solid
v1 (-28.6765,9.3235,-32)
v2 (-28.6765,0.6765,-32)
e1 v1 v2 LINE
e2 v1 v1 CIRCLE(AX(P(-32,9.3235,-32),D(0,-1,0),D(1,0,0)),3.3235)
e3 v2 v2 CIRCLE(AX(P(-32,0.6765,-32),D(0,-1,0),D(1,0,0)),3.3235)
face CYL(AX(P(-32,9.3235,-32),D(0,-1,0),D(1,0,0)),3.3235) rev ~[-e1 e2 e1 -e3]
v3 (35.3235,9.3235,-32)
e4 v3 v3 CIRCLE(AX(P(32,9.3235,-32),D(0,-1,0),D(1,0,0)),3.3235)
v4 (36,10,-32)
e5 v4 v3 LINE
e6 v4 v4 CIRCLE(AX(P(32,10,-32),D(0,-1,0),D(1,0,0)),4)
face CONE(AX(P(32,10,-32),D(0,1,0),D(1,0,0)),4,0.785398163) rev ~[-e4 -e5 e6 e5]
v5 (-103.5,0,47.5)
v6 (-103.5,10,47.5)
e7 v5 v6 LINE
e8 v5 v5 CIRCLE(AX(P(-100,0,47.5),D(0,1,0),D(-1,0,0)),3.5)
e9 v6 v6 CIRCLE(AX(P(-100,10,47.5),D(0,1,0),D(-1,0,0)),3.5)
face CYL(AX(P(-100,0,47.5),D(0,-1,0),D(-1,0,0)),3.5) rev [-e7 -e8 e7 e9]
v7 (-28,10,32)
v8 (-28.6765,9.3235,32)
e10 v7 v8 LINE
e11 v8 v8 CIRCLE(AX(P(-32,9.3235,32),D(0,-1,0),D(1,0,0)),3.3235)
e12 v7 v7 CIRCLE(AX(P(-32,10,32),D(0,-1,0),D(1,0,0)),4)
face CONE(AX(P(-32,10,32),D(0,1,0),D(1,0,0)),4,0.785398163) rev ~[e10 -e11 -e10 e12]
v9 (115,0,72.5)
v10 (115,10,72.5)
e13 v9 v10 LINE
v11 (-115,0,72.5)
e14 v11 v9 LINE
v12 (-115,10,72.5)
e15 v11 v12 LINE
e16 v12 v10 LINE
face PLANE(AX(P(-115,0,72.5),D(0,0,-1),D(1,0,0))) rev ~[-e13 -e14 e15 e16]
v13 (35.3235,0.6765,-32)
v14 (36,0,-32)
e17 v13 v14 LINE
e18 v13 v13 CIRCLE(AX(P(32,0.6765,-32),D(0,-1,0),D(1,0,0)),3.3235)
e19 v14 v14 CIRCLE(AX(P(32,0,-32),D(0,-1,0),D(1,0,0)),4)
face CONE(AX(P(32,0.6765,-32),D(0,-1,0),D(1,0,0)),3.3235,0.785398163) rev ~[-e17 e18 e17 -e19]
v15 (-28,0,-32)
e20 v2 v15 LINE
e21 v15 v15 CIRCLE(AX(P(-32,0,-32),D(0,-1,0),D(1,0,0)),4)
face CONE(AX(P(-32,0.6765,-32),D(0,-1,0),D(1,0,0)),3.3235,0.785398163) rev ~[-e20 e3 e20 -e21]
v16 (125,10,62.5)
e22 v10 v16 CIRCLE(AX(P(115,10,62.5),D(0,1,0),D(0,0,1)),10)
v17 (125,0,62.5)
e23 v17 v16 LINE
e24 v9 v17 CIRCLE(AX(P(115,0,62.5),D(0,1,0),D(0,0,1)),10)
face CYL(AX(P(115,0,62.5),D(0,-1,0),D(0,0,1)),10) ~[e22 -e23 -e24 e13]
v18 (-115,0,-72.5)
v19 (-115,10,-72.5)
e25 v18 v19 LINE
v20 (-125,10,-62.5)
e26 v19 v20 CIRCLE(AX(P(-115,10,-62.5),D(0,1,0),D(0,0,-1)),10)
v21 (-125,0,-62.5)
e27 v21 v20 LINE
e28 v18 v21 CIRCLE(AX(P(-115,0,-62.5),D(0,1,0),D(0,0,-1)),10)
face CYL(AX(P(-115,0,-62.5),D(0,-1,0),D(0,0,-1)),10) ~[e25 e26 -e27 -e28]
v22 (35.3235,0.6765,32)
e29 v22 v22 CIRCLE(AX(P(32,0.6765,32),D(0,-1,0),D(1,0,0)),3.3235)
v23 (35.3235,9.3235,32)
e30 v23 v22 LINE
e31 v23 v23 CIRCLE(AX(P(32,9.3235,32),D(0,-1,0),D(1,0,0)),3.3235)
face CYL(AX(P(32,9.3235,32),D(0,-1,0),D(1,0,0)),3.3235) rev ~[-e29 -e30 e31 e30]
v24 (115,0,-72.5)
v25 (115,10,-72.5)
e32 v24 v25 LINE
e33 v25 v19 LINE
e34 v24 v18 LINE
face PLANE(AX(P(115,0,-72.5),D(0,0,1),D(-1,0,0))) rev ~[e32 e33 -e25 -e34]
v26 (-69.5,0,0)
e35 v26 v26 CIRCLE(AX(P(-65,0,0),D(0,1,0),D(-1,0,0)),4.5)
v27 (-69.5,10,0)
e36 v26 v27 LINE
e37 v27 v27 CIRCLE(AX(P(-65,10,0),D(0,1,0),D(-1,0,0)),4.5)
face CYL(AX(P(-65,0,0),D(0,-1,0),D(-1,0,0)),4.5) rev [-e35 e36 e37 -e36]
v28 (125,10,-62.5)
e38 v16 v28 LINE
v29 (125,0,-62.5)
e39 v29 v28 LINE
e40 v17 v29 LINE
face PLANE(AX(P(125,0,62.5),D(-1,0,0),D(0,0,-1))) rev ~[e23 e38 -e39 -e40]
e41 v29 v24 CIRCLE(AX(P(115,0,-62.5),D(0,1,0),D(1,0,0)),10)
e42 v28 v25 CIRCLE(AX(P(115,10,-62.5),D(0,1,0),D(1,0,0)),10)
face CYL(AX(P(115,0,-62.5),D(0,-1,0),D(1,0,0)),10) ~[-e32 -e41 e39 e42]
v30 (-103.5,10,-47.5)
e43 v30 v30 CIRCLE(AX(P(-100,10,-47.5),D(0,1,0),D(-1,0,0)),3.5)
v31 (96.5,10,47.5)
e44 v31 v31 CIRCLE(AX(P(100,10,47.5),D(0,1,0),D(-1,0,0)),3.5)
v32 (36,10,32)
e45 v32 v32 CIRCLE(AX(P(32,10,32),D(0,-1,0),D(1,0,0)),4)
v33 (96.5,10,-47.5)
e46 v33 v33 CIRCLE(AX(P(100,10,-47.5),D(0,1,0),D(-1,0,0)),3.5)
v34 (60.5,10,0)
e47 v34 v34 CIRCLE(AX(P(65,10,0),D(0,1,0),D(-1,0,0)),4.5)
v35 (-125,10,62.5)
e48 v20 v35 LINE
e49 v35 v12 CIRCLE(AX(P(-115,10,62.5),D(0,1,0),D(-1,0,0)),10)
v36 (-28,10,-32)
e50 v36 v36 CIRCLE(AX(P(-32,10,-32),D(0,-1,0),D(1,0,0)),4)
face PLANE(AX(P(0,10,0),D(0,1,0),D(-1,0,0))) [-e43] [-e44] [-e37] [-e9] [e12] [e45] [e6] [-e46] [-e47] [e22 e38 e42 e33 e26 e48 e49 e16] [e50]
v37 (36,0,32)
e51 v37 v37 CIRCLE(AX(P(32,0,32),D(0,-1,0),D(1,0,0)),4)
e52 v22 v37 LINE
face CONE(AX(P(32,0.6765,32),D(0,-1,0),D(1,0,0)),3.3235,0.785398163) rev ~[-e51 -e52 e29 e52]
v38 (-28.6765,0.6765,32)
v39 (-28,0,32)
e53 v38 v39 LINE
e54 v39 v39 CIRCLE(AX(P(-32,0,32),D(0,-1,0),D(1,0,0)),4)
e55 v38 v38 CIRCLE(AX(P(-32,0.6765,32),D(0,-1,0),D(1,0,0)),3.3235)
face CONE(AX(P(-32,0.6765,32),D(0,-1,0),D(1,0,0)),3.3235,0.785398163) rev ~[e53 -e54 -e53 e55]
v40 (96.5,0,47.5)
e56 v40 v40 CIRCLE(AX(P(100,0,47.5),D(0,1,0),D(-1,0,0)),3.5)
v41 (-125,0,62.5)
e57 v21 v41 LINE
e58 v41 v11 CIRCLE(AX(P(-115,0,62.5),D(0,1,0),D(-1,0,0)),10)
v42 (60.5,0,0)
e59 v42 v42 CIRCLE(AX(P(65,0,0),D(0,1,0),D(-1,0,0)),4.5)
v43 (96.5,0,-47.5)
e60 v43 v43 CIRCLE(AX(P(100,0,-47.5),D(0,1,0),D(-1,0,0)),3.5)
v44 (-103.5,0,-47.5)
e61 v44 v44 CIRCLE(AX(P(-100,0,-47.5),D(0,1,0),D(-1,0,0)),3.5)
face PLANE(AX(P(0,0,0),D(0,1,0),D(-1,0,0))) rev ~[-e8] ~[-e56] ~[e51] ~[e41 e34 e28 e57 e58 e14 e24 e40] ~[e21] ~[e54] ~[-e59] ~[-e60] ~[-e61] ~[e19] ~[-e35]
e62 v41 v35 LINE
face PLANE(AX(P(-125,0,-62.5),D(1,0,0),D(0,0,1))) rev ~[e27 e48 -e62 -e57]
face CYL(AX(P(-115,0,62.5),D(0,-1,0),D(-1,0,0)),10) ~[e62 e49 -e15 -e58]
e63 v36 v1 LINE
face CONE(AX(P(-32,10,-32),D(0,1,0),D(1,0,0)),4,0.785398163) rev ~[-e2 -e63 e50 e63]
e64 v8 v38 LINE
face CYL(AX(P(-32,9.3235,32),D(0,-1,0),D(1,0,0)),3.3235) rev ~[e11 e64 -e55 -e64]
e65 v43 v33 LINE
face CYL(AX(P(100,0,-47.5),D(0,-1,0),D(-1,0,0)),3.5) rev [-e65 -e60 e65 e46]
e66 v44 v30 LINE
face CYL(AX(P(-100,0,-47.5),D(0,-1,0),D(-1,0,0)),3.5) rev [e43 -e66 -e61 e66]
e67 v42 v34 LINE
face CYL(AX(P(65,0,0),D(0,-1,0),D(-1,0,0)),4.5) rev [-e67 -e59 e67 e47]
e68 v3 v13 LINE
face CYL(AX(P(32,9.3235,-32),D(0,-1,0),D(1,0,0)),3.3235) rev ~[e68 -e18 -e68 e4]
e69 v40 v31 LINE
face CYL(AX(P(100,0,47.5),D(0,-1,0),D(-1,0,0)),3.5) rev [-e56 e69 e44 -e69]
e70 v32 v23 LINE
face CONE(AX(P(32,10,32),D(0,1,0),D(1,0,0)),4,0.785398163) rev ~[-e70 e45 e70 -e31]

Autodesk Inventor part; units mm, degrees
sketch "Sketch_1" plane through (0, 0, 0) normal (0, 1, 0) x (-1, 0, 0)
  arc A0 (125, 62.5) -> (115, 72.5) centre (115, 62.5) ccw
  line L0 (115, 72.5) -> (-115, 72.5)
  arc A1 (-115, 72.5) -> (-125, 62.5) centre (-115, 62.5) ccw
  line L1 (-125, 62.5) -> (-125, -62.5)
  arc A2 (-125, -62.5) -> (-115, -72.5) centre (-115, -62.5) ccw
  line L2 (-115, -72.5) -> (115, -72.5)
  arc A3 (115, -72.5) -> (125, -62.5) centre (115, -62.5) ccw
  line L3 (125, -62.5) -> (125, 62.5)
  circle A4 centre (-100, -47.5) radius 3.5
  circle A5 centre (-100, 47.5) radius 3.5
  circle A6 centre (-65, 0) radius 4.5
  circle A7 centre (65, 0) radius 4.5
  circle A8 centre (100, -47.5) radius 3.5
  circle A9 centre (100, 47.5) radius 3.5
extrude "Extrusion1" add sketch "Sketch_1" along normal blind 10
sketch "Sketch_9" plane through (0, 0, -32) normal (0, 0, 1) x (1, 0, 0)
  line L0 (-32, 0) -> (-32, 10)
  line L1 (-32, 10) -> (-28, 10)
  line L2 (-28, 10) -> (-28.6765, 9.3235)
  line L3 (-28.6765, 9.3235) -> (-28.6765, 0.6765)
  line L4 (-28.6765, 0.6765) -> (-28, 0)
  line L5 (-28, 0) -> (-32, 0)
  line L6 (-32, 0) -> (-32, 10)
revolve "Revolution1" cut sketch "Sketch_9" angle 360 about axis through (-32, 0, -32) along (0, -1, 0)
thread "Thread1" size "M8x1.25" class "6H" standard "ISO Metric profile" full length
sketch "Sketch_10" plane through (0, 0, -32) normal (0, 0, 1) x (1, 0, 0)
  line L0 (32, 0) -> (32, 10)
  line L1 (32, 10) -> (36, 10)
  line L2 (36, 10) -> (35.3235, 9.3235)
  line L3 (35.3235, 9.3235) -> (35.3235, 0.6765)
  line L4 (35.3235, 0.6765) -> (36, 0)
  line L5 (36, 0) -> (32, 0)
  line L6 (32, 0) -> (32, 10)
revolve "Revolution2" cut sketch "Sketch_10" angle 360 about axis through (32, 0, -32) along (0, -1, 0)
thread "Thread2" size "M8x1.25" class "6H" standard "ISO Metric profile" full length
sketch "Sketch_11" plane through (0, 0, 32) normal (0, 0, 1) x (1, 0, 0)
  line L0 (-32, 0) -> (-32, 10)
  line L1 (-32, 10) -> (-28, 10)
  line L2 (-28, 10) -> (-28.6765, 9.3235)
  line L3 (-28.6765, 9.3235) -> (-28.6765, 0.6765)
  line L4 (-28.6765, 0.6765) -> (-28, 0)
  line L5 (-28, 0) -> (-32, 0)
  line L6 (-32, 0) -> (-32, 10)
revolve "Revolution3" cut sketch "Sketch_11" angle 360 about axis through (-32, 0, 32) along (0, -1, 0)
thread "Thread3" size "M8x1.25" class "6H" standard "ISO Metric profile" full length
sketch "Sketch_12" plane through (0, 0, 32) normal (0, 0, 1) x (1, 0, 0)
  line L0 (32, 0) -> (32, 10)
  line L1 (32, 10) -> (36, 10)
  line L2 (36, 10) -> (35.3235, 9.3235)
  line L3 (35.3235, 9.3235) -> (35.3235, 0.6765)
  line L4 (35.3235, 0.6765) -> (36, 0)
  line L5 (36, 0) -> (32, 0)
  line L6 (32, 0) -> (32, 10)
revolve "Revolution4" cut sketch "Sketch_12" angle 360 about axis through (32, 0, 32) along (0, -1, 0)
thread "Thread4" size "M8x1.25" class "6H" standard "ISO Metric profile" full length
ref_plane "PLATTE_XY" through (0, 0, 0) normal (0, 1, 0) x (1, 0, 0)
ref_plane "PLATTE_YZ" through (0, 0, 0) normal (1, 0, 0) x (0, 0, -1)
ref_plane "PLATTE_ZX" through (0, 0, 0) normal (0, 0, -1) x (0, 1, 0)
properties part number "31000133platte"
